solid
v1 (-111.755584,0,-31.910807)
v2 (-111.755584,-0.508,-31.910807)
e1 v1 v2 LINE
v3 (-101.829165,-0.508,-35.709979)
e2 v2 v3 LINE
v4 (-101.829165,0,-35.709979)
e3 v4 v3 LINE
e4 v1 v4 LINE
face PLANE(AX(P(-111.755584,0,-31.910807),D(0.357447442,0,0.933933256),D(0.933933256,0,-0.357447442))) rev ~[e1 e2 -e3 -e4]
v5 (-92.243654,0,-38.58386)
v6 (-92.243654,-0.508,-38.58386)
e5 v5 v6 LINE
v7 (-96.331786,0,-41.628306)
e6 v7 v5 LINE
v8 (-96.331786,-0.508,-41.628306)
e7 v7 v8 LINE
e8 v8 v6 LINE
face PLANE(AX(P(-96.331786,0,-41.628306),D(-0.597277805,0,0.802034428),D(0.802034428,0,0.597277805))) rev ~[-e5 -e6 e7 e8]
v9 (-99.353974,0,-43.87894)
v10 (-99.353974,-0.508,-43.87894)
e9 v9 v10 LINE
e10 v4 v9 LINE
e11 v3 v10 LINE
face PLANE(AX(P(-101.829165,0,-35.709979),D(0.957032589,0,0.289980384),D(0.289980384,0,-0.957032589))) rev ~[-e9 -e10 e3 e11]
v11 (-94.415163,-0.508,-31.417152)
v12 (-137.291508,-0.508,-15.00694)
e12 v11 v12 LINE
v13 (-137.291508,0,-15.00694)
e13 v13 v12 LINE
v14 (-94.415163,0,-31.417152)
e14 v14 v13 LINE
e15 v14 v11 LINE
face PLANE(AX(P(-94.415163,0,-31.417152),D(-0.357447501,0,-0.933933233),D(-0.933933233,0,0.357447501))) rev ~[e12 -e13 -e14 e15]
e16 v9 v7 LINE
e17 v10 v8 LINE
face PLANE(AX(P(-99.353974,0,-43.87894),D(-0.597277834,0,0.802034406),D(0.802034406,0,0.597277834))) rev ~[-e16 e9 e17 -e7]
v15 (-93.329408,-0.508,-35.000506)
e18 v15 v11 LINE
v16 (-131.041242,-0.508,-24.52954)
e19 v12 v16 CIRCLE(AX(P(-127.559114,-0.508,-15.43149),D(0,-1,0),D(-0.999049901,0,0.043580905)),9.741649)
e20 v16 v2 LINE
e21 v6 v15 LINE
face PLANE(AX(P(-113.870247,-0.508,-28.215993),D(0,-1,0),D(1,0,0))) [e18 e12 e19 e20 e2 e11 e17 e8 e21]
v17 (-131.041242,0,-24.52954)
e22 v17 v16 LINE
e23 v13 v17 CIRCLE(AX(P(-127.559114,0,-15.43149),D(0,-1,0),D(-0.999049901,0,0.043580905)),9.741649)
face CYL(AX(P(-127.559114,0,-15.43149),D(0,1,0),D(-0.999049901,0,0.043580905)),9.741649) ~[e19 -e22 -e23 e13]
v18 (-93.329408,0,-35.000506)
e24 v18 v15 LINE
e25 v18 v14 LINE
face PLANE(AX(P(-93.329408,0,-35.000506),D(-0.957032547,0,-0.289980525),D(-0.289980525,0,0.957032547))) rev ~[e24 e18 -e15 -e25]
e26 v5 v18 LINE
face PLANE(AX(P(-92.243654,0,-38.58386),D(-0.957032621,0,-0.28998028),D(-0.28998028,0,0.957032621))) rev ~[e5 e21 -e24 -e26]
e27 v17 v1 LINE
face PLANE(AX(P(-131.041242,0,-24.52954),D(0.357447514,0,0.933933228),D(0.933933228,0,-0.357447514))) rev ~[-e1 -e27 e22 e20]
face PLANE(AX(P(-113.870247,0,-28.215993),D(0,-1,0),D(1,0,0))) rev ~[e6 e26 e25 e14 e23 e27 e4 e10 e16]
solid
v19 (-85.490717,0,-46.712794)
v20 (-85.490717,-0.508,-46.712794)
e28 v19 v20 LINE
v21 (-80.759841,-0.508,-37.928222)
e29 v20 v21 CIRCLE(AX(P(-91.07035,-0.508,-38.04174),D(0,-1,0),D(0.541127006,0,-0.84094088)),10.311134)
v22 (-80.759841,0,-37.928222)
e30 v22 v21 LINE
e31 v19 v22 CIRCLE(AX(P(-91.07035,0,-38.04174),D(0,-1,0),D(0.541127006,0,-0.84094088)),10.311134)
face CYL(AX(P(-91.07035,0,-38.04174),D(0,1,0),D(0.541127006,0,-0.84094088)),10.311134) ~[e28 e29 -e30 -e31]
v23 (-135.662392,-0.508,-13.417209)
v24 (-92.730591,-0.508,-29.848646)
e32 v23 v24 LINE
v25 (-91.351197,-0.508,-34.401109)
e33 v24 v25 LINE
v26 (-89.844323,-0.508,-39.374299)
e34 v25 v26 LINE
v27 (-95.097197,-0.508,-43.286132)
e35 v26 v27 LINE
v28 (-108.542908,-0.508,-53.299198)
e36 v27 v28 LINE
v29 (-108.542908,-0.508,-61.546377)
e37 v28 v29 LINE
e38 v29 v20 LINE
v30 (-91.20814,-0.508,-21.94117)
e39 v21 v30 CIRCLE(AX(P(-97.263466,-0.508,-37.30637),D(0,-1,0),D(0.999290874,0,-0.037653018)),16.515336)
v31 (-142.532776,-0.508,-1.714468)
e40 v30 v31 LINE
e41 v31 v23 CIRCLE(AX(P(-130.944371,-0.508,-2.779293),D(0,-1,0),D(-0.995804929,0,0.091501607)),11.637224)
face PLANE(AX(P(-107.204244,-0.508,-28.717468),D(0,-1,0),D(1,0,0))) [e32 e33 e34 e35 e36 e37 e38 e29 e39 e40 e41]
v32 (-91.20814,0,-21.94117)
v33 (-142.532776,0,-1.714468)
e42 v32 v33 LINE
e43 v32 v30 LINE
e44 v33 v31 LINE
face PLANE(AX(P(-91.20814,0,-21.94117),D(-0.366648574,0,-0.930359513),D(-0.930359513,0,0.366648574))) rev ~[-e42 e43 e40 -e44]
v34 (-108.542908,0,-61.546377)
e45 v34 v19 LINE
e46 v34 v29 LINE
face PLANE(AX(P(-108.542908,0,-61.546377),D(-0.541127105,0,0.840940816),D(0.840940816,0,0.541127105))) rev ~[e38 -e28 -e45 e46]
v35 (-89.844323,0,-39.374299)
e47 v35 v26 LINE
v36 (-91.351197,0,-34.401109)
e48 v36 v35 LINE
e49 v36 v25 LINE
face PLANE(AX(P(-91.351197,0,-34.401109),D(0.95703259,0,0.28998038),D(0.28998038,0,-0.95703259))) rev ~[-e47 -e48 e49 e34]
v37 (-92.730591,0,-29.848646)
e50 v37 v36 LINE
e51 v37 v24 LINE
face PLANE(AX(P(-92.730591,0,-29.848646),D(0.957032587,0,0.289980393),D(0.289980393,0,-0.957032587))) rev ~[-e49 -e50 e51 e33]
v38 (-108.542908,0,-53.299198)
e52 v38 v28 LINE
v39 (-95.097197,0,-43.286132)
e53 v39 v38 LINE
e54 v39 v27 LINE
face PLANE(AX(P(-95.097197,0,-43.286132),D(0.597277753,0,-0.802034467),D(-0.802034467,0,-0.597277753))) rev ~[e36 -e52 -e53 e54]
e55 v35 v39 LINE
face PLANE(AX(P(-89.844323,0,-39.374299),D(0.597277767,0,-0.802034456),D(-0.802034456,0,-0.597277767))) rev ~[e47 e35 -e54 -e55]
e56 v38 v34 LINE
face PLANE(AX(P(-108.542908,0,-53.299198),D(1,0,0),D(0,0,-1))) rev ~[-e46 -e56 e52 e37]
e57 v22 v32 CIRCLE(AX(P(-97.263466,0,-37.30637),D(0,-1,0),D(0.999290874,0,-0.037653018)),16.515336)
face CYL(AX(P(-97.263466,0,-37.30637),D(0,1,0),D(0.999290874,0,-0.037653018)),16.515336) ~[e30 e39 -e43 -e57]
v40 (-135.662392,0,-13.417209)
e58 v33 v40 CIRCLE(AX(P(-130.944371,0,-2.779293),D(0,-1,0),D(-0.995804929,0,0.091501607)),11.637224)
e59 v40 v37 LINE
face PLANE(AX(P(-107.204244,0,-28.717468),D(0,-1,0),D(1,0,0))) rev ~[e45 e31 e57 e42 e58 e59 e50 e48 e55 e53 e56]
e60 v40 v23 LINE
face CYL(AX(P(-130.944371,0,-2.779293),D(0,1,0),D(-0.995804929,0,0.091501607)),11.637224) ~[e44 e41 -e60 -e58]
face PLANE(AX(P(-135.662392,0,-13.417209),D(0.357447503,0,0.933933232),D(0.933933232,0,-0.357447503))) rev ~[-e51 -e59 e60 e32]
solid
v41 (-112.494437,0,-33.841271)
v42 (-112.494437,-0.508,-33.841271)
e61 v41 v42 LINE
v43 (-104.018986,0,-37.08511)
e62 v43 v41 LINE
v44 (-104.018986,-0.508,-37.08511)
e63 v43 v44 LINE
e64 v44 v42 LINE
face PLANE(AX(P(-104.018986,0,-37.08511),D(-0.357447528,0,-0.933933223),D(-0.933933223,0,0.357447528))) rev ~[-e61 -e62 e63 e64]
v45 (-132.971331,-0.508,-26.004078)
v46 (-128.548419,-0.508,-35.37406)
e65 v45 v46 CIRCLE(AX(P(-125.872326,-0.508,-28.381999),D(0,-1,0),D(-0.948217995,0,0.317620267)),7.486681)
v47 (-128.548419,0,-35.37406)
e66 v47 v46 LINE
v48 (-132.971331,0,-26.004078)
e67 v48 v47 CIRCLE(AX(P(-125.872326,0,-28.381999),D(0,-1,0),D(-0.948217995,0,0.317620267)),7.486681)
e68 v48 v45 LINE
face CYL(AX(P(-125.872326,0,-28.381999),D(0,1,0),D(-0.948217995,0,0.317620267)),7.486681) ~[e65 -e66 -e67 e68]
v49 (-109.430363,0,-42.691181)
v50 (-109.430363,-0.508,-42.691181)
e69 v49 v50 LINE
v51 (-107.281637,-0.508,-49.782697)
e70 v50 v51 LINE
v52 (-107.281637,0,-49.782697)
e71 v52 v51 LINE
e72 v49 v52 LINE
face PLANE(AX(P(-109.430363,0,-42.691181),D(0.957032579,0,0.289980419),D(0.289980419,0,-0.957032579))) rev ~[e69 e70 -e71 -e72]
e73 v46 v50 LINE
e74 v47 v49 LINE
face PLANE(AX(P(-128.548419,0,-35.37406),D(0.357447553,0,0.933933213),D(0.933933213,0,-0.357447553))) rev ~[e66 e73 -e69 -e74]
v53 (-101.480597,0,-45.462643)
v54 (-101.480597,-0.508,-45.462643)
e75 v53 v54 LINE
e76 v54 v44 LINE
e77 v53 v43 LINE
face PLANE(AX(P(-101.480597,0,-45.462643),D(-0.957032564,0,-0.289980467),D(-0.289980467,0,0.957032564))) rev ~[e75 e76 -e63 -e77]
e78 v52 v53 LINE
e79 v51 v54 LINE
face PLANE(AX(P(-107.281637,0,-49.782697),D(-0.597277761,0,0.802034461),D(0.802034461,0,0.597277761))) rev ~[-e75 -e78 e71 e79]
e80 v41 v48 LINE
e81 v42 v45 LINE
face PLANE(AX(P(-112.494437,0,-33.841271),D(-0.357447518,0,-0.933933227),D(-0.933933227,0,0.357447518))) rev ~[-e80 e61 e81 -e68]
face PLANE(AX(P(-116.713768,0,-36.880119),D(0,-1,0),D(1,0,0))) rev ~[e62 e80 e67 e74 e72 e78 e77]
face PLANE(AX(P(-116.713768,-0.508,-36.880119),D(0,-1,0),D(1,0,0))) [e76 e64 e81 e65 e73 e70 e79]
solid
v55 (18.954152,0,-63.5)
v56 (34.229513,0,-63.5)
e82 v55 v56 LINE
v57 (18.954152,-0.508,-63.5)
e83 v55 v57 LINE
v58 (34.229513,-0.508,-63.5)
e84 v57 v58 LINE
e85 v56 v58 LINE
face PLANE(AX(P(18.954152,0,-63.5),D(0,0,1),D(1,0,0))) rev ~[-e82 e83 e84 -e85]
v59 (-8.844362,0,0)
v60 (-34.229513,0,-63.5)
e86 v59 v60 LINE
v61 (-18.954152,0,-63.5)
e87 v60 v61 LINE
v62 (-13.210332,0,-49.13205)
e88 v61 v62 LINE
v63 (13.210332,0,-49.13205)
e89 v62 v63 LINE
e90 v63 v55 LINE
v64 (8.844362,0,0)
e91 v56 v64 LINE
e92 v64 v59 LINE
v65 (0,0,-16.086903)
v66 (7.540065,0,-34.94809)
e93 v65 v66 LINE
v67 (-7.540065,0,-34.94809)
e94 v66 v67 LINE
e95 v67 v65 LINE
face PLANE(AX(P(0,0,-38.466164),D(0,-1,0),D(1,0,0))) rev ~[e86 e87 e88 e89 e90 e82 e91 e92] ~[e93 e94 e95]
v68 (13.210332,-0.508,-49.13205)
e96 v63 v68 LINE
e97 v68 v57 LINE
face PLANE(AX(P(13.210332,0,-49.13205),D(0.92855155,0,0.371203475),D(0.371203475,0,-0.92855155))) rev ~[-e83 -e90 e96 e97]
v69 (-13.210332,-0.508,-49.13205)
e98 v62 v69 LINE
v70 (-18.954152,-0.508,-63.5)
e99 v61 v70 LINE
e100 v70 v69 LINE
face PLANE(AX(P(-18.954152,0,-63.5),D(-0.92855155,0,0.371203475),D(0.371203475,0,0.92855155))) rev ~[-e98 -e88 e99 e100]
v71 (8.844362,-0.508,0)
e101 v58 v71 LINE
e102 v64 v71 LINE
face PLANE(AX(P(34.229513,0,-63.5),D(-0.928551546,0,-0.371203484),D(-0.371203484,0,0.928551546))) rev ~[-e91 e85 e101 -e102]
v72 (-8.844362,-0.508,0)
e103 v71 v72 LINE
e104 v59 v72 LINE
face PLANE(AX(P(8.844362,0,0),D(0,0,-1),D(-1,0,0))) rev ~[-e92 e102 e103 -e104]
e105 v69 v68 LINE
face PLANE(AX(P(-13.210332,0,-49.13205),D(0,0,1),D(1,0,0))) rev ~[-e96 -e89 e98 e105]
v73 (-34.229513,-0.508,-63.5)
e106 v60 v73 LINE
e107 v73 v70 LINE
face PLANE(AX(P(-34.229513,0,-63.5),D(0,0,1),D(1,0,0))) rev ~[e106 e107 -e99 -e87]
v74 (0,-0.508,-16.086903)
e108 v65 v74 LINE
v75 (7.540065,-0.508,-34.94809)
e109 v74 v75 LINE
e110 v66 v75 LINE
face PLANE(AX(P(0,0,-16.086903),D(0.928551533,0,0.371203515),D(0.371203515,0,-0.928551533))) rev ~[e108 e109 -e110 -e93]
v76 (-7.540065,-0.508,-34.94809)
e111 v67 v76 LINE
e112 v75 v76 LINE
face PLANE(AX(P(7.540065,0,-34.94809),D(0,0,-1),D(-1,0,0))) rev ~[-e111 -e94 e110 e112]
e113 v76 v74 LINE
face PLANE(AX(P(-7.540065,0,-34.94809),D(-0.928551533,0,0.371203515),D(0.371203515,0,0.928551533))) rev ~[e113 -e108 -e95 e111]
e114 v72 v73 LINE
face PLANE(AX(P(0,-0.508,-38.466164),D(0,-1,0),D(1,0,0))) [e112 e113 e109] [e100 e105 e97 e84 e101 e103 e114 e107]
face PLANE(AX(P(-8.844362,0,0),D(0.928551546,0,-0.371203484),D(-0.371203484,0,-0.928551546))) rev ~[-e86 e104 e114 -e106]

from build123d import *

# Parameters (mm, degrees)
F1_DEPTH = 0.508
F3_DEPTH = 0.508


with BuildPart() as f1:
    # F0 (on Front) → F1 (new body)
    with BuildSketch(Plane.XZ):
        Polygon((8.844362, 0), (0, 0), (-8.844362, 0), (-34.229513, -63.5), (-18.954152, -63.5), (-13.210332, -49.13205), (0, -49.13205), (13.210332, -49.13205), (18.954152, -63.5), (34.229513, -63.5), align=None)
        Polygon((-7.540065, -34.94809), (0, -16.086903), (7.540065, -34.94809), (0, -34.94809), align=None, mode=Mode.SUBTRACT)
    extrude(amount=F1_DEPTH)


with BuildPart() as f3:
    # F2 (on Front) → F3 (new body)
    with BuildSketch(Plane.XZ):
        with BuildLine():
            Line((-108.542908, -53.299198), (-108.542908, -61.546377))
            Line((-108.542908, -61.546377), (-85.490717, -46.712794))
            ThreePointArc((-85.490717, -46.712794), (-81.992006, -42.930825), (-80.759841, -37.928222))
            ThreePointArc((-80.759841, -37.928222), (-83.438741, -28.271254), (-91.20814, -21.94117))
            Line((-91.20814, -21.94117), (-142.532776, -1.714468))
            ThreePointArc((-142.532776, -1.714468), (-140.979979, -8.670944), (-135.662392, -13.417209))
            Line((-135.662392, -13.417209), (-92.730591, -29.848646))
            Line((-92.730591, -29.848646), (-91.351197, -34.401109))
            Line((-91.351197, -34.401109), (-89.844323, -39.374299))
            Line((-89.844323, -39.374299), (-95.097197, -43.286132))
            Line((-95.097197, -43.286132), (-108.542908, -53.299198))
        make_face()
        with BuildLine():
            Line((-99.353974, -43.87894), (-96.331786, -41.628306))
            Line((-96.331786, -41.628306), (-92.243654, -38.58386))
            Line((-92.243654, -38.58386), (-93.329408, -35.000506))
            Line((-93.329408, -35.000506), (-94.415163, -31.417152))
            Line((-94.415163, -31.417152), (-137.291508, -15.00694))
            ThreePointArc((-137.291508, -15.00694), (-135.703184, -20.776942), (-131.041242, -24.52954))
            Line((-131.041242, -24.52954), (-111.755584, -31.910807))
            Line((-111.755584, -31.910807), (-101.829165, -35.709979))
            Line((-101.829165, -35.709979), (-99.353974, -43.87894))
        make_face()
        with BuildLine():
            Line((-104.018986, -37.08511), (-112.494437, -33.841271))
            Line((-112.494437, -33.841271), (-132.971331, -26.004078))
            ThreePointArc((-132.971331, -26.004078), (-132.642649, -31.577795), (-128.548419, -35.37406))
            Line((-128.548419, -35.37406), (-109.430363, -42.691181))
            Line((-109.430363, -42.691181), (-107.281637, -49.782697))
            Line((-107.281637, -49.782697), (-101.480597, -45.462643))
            Line((-101.480597, -45.462643), (-104.018986, -37.08511))
        make_face()
    extrude(amount=F3_DEPTH)


solid = Compound([f1.part, f3.part])
